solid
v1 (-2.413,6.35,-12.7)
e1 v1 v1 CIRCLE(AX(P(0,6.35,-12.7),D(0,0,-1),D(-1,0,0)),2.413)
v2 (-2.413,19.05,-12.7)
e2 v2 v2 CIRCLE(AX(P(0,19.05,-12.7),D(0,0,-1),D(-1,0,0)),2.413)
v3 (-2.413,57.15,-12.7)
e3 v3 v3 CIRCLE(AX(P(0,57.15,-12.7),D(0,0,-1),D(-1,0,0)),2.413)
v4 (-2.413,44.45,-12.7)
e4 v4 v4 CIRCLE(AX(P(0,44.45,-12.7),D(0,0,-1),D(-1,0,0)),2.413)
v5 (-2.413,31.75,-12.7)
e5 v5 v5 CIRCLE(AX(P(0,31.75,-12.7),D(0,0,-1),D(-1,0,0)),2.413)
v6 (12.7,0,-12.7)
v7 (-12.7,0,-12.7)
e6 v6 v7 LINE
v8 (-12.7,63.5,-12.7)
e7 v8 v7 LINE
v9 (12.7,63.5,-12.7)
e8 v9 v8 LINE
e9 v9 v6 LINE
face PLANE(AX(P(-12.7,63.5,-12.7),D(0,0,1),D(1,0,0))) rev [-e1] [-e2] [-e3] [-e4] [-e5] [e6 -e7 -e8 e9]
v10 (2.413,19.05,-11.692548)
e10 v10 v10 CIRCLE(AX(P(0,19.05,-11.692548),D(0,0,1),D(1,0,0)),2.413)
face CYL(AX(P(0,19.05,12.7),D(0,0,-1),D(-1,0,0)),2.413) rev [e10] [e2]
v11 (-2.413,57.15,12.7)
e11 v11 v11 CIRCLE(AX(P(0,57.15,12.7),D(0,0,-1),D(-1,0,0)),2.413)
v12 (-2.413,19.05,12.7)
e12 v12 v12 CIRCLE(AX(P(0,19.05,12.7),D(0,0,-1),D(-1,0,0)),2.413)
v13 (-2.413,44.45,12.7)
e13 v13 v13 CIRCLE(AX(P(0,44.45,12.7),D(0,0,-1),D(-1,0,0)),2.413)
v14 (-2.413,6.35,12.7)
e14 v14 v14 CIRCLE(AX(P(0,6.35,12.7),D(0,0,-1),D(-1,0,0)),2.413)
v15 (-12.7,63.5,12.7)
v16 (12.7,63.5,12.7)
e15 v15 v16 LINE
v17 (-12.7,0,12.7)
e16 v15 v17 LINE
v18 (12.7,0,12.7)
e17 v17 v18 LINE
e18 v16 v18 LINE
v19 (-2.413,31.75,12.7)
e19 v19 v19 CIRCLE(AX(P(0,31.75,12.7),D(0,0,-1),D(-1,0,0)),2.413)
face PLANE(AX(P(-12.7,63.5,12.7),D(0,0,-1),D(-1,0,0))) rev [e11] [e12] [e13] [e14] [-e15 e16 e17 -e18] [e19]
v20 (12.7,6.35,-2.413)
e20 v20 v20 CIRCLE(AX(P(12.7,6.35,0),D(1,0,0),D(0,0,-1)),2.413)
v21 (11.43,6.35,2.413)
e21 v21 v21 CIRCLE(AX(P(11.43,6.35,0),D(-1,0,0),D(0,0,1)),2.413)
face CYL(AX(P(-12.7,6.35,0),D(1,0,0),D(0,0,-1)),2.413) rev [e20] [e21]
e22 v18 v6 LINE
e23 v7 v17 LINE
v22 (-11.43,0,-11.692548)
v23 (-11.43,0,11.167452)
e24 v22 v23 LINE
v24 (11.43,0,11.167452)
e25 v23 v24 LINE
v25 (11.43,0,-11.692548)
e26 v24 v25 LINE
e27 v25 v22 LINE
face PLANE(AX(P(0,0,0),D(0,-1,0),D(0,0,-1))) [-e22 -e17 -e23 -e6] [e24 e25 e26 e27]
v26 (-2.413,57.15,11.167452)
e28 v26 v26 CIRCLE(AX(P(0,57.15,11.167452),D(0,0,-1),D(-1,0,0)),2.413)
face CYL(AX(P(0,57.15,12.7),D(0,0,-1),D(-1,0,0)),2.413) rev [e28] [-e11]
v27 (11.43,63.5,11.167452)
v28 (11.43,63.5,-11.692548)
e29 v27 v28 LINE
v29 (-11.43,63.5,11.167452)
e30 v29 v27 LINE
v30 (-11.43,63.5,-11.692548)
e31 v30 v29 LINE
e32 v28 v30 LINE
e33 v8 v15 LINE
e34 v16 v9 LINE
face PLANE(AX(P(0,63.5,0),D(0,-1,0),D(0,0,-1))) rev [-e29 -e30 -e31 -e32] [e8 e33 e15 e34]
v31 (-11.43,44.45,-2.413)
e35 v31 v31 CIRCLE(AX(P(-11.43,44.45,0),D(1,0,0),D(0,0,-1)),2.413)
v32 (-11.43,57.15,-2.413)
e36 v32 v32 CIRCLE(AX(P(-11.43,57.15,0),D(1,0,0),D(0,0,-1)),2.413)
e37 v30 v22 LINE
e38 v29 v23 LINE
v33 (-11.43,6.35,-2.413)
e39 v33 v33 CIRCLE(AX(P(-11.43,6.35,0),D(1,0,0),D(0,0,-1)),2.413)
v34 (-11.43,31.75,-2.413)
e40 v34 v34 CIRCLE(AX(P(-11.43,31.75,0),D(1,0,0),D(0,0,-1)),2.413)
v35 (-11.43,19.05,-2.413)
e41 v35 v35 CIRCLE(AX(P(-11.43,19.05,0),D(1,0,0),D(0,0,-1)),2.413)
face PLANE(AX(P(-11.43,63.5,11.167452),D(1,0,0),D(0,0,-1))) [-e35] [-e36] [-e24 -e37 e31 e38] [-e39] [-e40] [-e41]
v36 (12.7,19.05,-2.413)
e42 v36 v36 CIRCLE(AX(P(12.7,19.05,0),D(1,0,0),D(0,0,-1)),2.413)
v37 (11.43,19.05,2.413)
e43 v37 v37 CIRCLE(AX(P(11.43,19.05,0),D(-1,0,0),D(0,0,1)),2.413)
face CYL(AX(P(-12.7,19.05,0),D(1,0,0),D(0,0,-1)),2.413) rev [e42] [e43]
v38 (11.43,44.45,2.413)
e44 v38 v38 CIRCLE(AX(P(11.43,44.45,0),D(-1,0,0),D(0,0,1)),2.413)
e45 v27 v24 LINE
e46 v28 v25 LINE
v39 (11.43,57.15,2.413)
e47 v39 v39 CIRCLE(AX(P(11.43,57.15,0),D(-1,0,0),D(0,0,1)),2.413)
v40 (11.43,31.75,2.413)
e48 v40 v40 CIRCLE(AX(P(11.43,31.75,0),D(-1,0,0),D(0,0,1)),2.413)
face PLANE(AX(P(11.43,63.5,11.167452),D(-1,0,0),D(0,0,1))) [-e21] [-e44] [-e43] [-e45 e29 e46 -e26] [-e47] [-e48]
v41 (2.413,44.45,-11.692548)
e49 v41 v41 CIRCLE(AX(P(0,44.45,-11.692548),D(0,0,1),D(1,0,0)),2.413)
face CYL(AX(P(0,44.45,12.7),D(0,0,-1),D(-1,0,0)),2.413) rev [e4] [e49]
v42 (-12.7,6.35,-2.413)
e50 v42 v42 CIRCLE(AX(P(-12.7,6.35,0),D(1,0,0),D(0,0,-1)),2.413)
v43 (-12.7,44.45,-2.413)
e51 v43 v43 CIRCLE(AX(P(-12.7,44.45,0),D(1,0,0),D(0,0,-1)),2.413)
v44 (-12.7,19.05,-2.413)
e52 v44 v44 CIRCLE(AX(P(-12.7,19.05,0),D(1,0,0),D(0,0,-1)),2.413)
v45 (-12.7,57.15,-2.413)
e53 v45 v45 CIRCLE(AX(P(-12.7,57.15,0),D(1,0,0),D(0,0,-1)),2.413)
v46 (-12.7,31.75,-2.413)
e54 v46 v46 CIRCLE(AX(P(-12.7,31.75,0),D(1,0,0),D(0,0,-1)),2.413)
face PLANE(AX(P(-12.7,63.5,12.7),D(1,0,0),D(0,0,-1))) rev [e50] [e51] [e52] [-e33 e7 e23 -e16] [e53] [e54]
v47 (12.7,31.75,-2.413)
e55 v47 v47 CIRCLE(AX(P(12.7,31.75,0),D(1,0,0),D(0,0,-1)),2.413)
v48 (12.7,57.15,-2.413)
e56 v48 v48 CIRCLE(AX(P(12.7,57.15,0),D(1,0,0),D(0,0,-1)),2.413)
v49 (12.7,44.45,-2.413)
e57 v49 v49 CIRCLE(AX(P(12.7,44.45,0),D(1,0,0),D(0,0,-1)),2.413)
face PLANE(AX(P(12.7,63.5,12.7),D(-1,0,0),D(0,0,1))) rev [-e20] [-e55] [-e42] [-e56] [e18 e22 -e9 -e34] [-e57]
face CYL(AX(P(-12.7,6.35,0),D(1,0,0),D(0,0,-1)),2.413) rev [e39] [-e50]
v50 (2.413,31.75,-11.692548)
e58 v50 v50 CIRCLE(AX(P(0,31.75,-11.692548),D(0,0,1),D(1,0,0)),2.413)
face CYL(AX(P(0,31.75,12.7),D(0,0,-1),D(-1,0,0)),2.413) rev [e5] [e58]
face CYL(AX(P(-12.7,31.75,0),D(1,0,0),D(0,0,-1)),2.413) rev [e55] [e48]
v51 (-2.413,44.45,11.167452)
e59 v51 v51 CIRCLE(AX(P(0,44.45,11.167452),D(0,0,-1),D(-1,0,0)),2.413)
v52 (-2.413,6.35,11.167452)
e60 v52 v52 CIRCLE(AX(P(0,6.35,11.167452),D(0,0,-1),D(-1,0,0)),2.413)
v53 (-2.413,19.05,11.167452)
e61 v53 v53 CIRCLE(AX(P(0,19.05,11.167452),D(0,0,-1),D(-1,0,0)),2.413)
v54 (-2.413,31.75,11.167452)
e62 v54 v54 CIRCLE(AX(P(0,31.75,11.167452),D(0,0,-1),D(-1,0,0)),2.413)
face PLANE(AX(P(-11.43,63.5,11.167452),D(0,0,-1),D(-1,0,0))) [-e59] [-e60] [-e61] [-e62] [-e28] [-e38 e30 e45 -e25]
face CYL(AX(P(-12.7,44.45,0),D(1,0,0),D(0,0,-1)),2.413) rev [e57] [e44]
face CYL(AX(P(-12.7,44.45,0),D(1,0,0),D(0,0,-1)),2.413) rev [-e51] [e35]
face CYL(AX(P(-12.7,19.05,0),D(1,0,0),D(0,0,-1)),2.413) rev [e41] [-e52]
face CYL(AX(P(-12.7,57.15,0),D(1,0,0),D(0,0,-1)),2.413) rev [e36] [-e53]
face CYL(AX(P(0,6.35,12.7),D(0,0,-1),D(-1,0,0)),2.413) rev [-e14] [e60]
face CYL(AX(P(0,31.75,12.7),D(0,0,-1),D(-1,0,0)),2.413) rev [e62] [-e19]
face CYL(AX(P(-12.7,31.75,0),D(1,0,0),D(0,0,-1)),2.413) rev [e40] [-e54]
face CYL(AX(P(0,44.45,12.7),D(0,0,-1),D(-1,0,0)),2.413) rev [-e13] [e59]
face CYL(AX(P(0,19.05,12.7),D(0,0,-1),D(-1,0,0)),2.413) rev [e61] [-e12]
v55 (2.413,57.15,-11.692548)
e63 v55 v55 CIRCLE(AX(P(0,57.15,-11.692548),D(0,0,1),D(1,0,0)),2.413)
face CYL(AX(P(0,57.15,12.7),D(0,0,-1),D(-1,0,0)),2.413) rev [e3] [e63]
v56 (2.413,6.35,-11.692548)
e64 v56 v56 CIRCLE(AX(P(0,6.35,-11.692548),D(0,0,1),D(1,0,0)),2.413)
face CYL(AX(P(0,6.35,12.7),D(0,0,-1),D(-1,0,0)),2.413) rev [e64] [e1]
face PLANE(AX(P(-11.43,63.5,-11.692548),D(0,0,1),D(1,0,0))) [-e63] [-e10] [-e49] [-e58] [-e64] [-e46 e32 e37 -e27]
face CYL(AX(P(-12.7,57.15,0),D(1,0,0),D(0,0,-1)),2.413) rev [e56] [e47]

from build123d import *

# Parameters (mm, degrees)
SKETCH2_W           = 25.4
SKETCH2_H           = 25.4
SKETCH2_W_2         = 22.86
SKETCH2_H_2         = 22.86
BOSS_EXTRUDE1_DEPTH = 63.5
SKETCH3_R           = 2.413
CUT_EXTRUDE1_DEPTH  = 70.560764803
SKETCH4_R           = 2.413
CUT_EXTRUDE2_DEPTH  = 70.560764803


with BuildPart() as part:
    # Sketch2 → Boss-Extrude1 (new body)
    with BuildSketch(Plane(origin=(0, 0, 0), x_dir=(1, 0, 0), z_dir=(0, 1, 0))):
        Rectangle(SKETCH2_W, SKETCH2_H)
        with Locations((0, 0.262548077)):
            Rectangle(SKETCH2_W_2, SKETCH2_H_2, mode=Mode.SUBTRACT)
    extrude(amount=BOSS_EXTRUDE1_DEPTH)

    # Sketch3 → Cut-Extrude1 (cut, through all)
    with BuildSketch(Plane(origin=(0, 0, -12.7), x_dir=(-1, 0, 0), z_dir=(0, 0, -1))):
        with Locations((0, 57.15)):
            Circle(SKETCH3_R)
        with Locations((0, 44.45)):
            Circle(SKETCH3_R)
        with Locations((0, 31.75)):
            Circle(SKETCH3_R)
        with Locations((0, 19.05)):
            Circle(SKETCH3_R)
        with Locations((0, 6.35)):
            Circle(SKETCH3_R)
        with Locations((0, -6.35)):
            Circle(SKETCH3_R)
    extrude(amount=-CUT_EXTRUDE1_DEPTH, mode=Mode.SUBTRACT)

    # Sketch4 → Cut-Extrude2 (cut, through all)
    with BuildSketch(Plane(origin=(12.7, 0, 0), x_dir=(0, 0, -1), z_dir=(1, 0, 0))):
        with Locations((0, 57.15)):
            Circle(SKETCH4_R)
        with Locations((0, 44.45)):
            Circle(SKETCH4_R)
        with Locations((0, 31.75)):
            Circle(SKETCH4_R)
        with Locations((0, 19.05)):
            Circle(SKETCH4_R)
        with Locations((0, 6.35)):
            Circle(SKETCH4_R)
        with Locations((0, -6.35)):
            Circle(SKETCH4_R)
    extrude(amount=-CUT_EXTRUDE2_DEPTH, mode=Mode.SUBTRACT)


solid = part.part
